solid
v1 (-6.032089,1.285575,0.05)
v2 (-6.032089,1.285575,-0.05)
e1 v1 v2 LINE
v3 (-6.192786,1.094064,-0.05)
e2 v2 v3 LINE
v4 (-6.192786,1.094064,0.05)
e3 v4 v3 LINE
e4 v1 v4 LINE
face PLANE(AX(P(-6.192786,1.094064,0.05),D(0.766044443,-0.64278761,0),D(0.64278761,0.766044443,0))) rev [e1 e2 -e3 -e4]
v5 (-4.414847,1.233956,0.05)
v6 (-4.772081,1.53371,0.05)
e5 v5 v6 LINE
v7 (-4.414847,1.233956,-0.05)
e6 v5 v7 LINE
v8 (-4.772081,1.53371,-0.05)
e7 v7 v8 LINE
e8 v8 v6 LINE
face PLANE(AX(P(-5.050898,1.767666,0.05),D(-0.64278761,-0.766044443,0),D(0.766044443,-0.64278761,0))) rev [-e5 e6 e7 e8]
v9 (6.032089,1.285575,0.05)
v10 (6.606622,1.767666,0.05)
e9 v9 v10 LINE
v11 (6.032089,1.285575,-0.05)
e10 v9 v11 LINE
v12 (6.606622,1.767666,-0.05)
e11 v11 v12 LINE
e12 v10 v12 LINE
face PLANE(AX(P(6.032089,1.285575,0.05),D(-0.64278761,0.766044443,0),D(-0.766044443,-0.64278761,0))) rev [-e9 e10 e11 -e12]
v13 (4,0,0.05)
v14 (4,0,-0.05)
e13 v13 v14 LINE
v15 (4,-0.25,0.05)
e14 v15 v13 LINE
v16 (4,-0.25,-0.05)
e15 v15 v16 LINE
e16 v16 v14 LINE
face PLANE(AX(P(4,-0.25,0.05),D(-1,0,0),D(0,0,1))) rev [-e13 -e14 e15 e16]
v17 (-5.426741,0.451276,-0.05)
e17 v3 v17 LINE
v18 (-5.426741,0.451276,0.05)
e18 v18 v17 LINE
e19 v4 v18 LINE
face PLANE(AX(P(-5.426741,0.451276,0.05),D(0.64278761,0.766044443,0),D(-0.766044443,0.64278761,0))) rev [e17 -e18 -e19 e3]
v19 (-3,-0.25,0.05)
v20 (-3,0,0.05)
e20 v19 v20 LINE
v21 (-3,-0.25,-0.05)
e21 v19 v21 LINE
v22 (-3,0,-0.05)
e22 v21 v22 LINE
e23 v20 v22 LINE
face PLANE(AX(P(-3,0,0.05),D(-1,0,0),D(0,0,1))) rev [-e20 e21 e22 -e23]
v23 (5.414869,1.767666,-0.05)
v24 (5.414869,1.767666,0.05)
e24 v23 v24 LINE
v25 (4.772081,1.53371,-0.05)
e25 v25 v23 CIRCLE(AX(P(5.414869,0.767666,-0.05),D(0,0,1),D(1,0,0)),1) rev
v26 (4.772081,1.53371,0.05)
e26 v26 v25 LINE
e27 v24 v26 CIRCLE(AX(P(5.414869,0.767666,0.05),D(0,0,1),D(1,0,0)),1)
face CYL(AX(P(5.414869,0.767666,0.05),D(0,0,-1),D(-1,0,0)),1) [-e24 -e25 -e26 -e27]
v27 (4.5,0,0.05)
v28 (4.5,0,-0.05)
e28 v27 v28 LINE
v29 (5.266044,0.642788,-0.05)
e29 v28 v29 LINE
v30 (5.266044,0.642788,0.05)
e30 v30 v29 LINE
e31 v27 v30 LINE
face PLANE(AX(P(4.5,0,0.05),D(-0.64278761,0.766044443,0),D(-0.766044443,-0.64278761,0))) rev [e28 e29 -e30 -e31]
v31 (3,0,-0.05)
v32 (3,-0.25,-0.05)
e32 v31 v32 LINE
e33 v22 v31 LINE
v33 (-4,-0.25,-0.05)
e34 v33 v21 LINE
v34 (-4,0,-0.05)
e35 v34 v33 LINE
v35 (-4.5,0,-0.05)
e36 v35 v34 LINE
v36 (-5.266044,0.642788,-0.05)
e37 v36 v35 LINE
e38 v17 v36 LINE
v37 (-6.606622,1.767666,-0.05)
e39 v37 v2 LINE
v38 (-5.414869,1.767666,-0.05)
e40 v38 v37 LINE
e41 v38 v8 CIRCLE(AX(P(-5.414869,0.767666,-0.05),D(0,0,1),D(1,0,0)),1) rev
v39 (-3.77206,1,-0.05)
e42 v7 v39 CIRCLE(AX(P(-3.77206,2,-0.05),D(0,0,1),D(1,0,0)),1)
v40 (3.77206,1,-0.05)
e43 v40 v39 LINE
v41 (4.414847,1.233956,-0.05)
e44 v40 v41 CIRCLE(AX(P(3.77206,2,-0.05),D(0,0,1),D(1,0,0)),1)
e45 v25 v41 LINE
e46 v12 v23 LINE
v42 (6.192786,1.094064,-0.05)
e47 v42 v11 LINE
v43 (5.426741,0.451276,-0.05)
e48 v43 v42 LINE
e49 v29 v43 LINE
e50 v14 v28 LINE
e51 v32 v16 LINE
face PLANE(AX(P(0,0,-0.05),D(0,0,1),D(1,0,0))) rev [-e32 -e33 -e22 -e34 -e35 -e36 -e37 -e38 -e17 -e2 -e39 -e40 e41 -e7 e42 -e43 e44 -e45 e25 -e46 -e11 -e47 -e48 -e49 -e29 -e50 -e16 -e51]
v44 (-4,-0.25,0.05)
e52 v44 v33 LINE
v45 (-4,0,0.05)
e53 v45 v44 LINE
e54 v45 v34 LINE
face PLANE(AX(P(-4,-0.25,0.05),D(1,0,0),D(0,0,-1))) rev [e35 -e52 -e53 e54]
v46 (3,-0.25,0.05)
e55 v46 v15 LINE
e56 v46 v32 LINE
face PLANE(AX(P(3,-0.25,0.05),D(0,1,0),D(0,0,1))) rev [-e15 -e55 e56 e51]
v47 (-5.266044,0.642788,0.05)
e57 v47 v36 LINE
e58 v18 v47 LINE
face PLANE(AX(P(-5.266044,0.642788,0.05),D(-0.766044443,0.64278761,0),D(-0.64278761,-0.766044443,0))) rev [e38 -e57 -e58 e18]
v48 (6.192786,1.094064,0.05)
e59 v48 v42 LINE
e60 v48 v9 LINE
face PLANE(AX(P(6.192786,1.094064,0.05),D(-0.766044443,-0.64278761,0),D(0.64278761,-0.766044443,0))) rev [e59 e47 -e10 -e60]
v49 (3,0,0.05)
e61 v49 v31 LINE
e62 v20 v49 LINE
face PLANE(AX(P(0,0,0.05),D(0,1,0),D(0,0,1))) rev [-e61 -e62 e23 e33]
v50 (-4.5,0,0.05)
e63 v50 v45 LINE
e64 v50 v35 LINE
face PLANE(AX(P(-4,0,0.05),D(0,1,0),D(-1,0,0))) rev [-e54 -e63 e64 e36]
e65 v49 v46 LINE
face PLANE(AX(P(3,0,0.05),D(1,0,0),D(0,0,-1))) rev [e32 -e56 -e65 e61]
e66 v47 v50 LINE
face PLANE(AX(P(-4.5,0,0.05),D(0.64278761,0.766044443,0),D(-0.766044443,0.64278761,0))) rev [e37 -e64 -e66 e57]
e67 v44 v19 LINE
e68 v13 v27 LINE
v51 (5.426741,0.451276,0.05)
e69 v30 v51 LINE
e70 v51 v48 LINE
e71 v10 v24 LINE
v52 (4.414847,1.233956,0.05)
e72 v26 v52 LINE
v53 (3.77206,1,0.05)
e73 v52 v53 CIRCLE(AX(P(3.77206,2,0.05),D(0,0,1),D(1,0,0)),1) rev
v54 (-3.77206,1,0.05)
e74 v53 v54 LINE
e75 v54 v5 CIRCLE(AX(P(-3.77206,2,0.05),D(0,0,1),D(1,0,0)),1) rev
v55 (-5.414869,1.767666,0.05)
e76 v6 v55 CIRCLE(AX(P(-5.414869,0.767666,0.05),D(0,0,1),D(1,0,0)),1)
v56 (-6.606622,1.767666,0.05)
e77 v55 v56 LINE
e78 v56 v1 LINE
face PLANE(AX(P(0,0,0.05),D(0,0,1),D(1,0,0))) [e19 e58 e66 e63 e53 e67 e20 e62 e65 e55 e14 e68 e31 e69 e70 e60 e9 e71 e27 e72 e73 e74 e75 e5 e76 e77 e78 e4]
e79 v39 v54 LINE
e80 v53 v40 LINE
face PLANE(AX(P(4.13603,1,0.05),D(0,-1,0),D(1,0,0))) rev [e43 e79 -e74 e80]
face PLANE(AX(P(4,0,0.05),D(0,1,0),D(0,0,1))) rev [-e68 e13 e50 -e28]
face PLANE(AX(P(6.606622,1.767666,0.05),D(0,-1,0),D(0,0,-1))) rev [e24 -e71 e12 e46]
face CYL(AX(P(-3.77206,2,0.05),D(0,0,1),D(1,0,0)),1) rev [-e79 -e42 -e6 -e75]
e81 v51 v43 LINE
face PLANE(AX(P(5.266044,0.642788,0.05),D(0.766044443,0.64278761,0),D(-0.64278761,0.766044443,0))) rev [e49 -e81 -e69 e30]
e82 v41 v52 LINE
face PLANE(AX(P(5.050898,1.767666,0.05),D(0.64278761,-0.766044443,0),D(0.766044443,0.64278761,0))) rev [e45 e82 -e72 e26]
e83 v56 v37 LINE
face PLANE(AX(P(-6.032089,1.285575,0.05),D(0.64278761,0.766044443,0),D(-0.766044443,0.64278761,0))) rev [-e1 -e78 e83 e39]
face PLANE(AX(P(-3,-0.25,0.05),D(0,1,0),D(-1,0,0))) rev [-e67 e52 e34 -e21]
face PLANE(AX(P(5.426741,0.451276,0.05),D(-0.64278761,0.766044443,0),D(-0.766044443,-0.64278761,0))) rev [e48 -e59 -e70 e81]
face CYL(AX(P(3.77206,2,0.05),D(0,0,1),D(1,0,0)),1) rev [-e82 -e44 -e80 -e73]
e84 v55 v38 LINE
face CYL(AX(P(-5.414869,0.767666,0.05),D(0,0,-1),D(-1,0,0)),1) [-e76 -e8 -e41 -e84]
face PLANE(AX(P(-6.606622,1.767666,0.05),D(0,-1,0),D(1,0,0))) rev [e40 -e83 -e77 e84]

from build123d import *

# Parameters (mm, degrees)
BOSS_EXTRUDE1_DEPTH = 0.05
FILLET1_R           = 1


with BuildPart() as part:
    # frame_outline → Boss-Extrude1 (new, symmetric)
    with BuildSketch(Plane.XY):
        Polygon((0, 0), (3, 0), (3, -0.25), (4, -0.25), (4, 0), (4.5, 0), (5.266044443, 0.64278761), (5.426741346, 0.451276499), (6.192785789, 1.094064109), (6.032088886, 1.285575219), (6.606622219, 1.767665927), (5.050898392, 1.767665927), (4.136029766, 1), (-4.136029766, 1), (-5.050898392, 1.767665927), (-6.606622219, 1.767665927), (-6.032088886, 1.285575219), (-6.192785789, 1.094064109), (-5.426741346, 0.451276499), (-5.266044443, 0.64278761), (-4.5, 0), (-4, 0), (-4, -0.25), (-3, -0.25), (-3, 0), align=None)
    extrude(amount=BOSS_EXTRUDE1_DEPTH, both=True)

    # Fillet1
    fillet1_edges = [part.edges().sort_by_distance(p)[0] for p in [
        (-5.050898392, 1.767665927, 0),
        (-4.136029766, 1, 0),
        (4.136029766, 1, 0),
        (5.050898392, 1.767665927, 0),
    ]]
    fillet(fillet1_edges, radius=FILLET1_R)


solid = part.part
